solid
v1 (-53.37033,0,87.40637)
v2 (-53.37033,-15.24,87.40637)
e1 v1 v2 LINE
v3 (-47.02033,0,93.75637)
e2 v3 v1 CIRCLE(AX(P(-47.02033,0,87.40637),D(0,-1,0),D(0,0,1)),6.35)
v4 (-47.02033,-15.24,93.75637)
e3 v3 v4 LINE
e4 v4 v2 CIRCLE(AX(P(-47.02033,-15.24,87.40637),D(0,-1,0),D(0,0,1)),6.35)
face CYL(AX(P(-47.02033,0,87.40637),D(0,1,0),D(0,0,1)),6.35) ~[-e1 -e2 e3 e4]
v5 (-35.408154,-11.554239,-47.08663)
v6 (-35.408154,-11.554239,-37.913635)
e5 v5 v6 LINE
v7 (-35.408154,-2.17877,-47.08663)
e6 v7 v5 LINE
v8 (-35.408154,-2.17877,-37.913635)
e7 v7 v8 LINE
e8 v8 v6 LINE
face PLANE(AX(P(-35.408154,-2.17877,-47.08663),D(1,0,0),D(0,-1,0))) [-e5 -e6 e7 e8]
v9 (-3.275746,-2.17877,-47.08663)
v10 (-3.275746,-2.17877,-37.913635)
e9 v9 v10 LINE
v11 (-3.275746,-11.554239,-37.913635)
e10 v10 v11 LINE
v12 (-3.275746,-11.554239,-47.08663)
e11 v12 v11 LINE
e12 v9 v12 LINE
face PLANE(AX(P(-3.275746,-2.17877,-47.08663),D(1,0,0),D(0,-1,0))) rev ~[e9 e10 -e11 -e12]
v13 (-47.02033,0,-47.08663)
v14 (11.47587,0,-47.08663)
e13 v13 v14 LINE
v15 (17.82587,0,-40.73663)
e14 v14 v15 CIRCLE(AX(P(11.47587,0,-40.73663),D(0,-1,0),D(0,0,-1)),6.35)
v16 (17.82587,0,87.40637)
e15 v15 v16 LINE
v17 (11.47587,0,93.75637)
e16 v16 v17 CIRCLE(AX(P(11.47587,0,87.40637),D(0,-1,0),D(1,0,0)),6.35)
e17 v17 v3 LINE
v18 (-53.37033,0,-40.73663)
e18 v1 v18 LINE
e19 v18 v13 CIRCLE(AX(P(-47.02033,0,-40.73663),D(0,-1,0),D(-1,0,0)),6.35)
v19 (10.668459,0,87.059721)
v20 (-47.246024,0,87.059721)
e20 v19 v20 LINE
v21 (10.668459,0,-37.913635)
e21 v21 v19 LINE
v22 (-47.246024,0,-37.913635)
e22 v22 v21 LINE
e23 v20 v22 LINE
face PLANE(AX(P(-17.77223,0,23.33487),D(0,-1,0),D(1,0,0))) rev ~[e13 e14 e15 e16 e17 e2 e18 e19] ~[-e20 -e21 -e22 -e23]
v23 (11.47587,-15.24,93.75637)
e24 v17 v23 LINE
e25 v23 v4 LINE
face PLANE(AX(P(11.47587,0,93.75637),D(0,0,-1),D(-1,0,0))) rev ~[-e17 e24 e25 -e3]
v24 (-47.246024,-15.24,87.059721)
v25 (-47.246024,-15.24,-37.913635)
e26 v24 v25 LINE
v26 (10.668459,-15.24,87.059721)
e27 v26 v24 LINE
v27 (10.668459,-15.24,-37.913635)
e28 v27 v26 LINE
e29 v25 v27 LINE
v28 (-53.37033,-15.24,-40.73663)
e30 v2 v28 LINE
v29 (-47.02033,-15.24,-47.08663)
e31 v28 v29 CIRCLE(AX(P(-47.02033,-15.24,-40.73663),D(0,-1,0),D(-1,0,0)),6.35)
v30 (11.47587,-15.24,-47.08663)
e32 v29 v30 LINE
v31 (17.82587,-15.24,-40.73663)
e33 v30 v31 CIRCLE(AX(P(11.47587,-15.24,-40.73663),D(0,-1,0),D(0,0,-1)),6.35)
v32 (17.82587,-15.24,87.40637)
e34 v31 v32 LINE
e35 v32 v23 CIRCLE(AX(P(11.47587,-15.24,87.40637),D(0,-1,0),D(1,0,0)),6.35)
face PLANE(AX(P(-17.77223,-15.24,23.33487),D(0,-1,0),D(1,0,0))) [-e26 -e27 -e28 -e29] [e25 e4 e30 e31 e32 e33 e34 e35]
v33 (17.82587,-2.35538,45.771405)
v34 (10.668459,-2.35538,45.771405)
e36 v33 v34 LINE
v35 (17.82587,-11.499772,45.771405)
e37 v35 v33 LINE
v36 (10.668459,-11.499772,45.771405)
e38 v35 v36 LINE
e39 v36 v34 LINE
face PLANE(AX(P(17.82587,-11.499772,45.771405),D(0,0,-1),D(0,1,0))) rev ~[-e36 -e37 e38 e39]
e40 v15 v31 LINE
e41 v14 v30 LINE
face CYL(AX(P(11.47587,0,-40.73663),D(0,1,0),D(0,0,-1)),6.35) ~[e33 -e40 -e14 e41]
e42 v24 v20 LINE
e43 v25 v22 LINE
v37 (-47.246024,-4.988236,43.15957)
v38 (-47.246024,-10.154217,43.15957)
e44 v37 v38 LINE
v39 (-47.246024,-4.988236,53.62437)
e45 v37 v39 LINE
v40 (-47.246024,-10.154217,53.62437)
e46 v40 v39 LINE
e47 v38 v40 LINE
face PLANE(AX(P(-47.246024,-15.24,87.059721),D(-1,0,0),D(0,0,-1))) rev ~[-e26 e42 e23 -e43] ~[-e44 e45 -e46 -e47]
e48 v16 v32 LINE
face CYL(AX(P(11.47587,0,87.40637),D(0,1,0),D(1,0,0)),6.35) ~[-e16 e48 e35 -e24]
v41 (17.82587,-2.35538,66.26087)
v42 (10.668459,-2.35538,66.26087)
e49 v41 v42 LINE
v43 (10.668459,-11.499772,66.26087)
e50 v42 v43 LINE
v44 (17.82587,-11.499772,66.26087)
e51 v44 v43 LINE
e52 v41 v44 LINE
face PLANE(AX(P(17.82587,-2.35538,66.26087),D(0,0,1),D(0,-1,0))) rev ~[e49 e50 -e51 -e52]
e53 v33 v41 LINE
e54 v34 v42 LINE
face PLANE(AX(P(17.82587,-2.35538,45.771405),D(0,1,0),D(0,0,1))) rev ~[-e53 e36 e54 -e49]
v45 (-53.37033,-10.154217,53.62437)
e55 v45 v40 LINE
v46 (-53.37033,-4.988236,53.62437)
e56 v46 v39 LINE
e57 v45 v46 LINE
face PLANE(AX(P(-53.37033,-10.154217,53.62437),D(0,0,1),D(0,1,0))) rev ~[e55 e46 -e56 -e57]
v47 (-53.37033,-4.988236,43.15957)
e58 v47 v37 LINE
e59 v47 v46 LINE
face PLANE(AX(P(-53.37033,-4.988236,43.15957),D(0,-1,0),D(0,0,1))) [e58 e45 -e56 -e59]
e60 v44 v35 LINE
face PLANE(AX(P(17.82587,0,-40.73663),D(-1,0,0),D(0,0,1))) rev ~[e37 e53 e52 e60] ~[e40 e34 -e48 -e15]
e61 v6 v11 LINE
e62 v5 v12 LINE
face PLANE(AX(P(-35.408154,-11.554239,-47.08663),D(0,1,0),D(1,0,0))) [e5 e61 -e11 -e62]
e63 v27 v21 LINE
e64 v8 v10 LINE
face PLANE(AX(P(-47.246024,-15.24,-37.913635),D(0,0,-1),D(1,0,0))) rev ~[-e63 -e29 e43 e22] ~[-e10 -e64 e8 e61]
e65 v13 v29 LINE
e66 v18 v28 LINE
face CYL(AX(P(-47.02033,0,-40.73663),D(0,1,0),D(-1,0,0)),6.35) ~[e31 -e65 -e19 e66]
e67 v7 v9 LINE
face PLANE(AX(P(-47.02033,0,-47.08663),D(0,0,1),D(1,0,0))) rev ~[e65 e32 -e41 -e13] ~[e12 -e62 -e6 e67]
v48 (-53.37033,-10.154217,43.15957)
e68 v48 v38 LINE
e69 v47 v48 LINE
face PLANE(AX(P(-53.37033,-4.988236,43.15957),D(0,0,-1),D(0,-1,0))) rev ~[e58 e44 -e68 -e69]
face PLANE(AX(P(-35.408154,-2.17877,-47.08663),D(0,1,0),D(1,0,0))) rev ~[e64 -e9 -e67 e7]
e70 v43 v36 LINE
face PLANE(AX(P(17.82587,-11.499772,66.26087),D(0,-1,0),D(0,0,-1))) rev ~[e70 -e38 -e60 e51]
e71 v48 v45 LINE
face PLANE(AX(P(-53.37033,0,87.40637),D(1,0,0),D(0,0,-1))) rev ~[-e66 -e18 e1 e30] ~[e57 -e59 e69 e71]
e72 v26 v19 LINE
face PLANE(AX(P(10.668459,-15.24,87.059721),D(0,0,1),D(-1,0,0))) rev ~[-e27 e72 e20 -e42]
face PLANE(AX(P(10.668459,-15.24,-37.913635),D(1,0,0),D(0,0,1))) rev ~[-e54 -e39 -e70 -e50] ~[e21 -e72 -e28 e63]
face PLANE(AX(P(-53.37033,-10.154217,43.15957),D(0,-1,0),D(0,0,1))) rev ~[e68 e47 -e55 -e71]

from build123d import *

# Parameters (mm, degrees)
F1_DEPTH  = 15.24
F4_DEPTH  = 25.4
F5_W      = 2.5342174816
F5_H      = 10.4648
F5_W_2    = 2.6317641129
F6_DEPTH  = 25.4
F8_DEPTH  = 25.4
F9_W      = 32.1324085817
F9_H      = 9.3754695263
F10_DEPTH = 25.4


with BuildPart() as f1:
    # F0 (on Front) → F1 (new body)
    with BuildSketch(Plane.XZ):
        with BuildLine():
            ThreePointArc((-47.0203304827, 93.7563699834), (-51.5104585433, 91.896498044), (-53.3703304827, 87.4063699834))
            Line((-53.3703304827, 87.4063699834), (-53.3703304827, 75.7731699834))
            Line((-53.3703304827, 75.7731699834), (-53.3703304827, -40.7366300166))
            ThreePointArc((-53.3703304827, -40.7366300166), (-51.5104585433, -45.2267580771), (-47.0203304827, -47.0866300166))
            Line((-47.0203304827, -47.0866300166), (11.4758695173, -47.0866300166))
            ThreePointArc((11.4758695173, -47.0866300166), (15.9659975778, -45.2267580771), (17.8258695173, -40.7366300166))
            Line((17.8258695173, -40.7366300166), (17.8258695173, 87.4063699834))
            ThreePointArc((17.8258695173, 87.4063699834), (15.9659975778, 91.896498044), (11.4758695173, 93.7563699834))
            Line((11.4758695173, 93.7563699834), (-47.0203304827, 93.7563699834))
        make_face()
    extrude(amount=F1_DEPTH)

    # F3 (on face) → F4 (cut)
    with BuildSketch(Plane.XZ.offset(15.24)):
        Polygon((10.6684593484, 87.0597213507), (-47.2460240126, 87.0597213507), (10.6684593484, -37.9136353731), align=None)
        Polygon((10.6684593484, -37.9136353731), (-47.2460240126, 87.0597213507), (-47.2460240126, -35.696811974), align=None)
        Polygon((-47.2460240126, -37.9136353731), (10.6684593484, -37.9136353731), (-47.2460240126, -35.696811974), align=None)
    extrude(amount=-F4_DEPTH, mode=Mode.SUBTRACT)

    # F5 (on face) → F6 (cut)
    with BuildSketch(Plane(origin=(-53.3703304827, 0, 0), x_dir=(0, -1, 0), z_dir=(-1, 0, 0))):
        with Locations((8.8871087408, 48.3919699834)):
            Rectangle(F5_W, F5_H)
        with Locations((6.3041179436, 48.3919699834)):
            Rectangle(F5_W_2, F5_H)
    extrude(amount=-F6_DEPTH, mode=Mode.SUBTRACT)

    # F7 (on face) → F8 (cut)
    with BuildSketch(Plane.YZ.offset(17.8258695173)):
        Polygon((-2.3553799838, 66.2608699834), (-7.62, 66.2608699834), (-11.4997718483, 66.2608699834), (-11.4997718483, 45.7714051008), (-2.3553799838, 45.7714051008), align=None)
    extrude(amount=-F8_DEPTH, mode=Mode.SUBTRACT)

    # F9 (on face) → F10 (cut)
    with BuildSketch(Plane(origin=(0, 0, -47.0866300166), x_dir=(1, 0, 0), z_dir=(0, 0, -1))):
        with Locations((-19.3419498391, 6.8665045546)):
            Rectangle(F9_W, F9_H)
    extrude(amount=-F10_DEPTH, mode=Mode.SUBTRACT)


solid = f1.part
